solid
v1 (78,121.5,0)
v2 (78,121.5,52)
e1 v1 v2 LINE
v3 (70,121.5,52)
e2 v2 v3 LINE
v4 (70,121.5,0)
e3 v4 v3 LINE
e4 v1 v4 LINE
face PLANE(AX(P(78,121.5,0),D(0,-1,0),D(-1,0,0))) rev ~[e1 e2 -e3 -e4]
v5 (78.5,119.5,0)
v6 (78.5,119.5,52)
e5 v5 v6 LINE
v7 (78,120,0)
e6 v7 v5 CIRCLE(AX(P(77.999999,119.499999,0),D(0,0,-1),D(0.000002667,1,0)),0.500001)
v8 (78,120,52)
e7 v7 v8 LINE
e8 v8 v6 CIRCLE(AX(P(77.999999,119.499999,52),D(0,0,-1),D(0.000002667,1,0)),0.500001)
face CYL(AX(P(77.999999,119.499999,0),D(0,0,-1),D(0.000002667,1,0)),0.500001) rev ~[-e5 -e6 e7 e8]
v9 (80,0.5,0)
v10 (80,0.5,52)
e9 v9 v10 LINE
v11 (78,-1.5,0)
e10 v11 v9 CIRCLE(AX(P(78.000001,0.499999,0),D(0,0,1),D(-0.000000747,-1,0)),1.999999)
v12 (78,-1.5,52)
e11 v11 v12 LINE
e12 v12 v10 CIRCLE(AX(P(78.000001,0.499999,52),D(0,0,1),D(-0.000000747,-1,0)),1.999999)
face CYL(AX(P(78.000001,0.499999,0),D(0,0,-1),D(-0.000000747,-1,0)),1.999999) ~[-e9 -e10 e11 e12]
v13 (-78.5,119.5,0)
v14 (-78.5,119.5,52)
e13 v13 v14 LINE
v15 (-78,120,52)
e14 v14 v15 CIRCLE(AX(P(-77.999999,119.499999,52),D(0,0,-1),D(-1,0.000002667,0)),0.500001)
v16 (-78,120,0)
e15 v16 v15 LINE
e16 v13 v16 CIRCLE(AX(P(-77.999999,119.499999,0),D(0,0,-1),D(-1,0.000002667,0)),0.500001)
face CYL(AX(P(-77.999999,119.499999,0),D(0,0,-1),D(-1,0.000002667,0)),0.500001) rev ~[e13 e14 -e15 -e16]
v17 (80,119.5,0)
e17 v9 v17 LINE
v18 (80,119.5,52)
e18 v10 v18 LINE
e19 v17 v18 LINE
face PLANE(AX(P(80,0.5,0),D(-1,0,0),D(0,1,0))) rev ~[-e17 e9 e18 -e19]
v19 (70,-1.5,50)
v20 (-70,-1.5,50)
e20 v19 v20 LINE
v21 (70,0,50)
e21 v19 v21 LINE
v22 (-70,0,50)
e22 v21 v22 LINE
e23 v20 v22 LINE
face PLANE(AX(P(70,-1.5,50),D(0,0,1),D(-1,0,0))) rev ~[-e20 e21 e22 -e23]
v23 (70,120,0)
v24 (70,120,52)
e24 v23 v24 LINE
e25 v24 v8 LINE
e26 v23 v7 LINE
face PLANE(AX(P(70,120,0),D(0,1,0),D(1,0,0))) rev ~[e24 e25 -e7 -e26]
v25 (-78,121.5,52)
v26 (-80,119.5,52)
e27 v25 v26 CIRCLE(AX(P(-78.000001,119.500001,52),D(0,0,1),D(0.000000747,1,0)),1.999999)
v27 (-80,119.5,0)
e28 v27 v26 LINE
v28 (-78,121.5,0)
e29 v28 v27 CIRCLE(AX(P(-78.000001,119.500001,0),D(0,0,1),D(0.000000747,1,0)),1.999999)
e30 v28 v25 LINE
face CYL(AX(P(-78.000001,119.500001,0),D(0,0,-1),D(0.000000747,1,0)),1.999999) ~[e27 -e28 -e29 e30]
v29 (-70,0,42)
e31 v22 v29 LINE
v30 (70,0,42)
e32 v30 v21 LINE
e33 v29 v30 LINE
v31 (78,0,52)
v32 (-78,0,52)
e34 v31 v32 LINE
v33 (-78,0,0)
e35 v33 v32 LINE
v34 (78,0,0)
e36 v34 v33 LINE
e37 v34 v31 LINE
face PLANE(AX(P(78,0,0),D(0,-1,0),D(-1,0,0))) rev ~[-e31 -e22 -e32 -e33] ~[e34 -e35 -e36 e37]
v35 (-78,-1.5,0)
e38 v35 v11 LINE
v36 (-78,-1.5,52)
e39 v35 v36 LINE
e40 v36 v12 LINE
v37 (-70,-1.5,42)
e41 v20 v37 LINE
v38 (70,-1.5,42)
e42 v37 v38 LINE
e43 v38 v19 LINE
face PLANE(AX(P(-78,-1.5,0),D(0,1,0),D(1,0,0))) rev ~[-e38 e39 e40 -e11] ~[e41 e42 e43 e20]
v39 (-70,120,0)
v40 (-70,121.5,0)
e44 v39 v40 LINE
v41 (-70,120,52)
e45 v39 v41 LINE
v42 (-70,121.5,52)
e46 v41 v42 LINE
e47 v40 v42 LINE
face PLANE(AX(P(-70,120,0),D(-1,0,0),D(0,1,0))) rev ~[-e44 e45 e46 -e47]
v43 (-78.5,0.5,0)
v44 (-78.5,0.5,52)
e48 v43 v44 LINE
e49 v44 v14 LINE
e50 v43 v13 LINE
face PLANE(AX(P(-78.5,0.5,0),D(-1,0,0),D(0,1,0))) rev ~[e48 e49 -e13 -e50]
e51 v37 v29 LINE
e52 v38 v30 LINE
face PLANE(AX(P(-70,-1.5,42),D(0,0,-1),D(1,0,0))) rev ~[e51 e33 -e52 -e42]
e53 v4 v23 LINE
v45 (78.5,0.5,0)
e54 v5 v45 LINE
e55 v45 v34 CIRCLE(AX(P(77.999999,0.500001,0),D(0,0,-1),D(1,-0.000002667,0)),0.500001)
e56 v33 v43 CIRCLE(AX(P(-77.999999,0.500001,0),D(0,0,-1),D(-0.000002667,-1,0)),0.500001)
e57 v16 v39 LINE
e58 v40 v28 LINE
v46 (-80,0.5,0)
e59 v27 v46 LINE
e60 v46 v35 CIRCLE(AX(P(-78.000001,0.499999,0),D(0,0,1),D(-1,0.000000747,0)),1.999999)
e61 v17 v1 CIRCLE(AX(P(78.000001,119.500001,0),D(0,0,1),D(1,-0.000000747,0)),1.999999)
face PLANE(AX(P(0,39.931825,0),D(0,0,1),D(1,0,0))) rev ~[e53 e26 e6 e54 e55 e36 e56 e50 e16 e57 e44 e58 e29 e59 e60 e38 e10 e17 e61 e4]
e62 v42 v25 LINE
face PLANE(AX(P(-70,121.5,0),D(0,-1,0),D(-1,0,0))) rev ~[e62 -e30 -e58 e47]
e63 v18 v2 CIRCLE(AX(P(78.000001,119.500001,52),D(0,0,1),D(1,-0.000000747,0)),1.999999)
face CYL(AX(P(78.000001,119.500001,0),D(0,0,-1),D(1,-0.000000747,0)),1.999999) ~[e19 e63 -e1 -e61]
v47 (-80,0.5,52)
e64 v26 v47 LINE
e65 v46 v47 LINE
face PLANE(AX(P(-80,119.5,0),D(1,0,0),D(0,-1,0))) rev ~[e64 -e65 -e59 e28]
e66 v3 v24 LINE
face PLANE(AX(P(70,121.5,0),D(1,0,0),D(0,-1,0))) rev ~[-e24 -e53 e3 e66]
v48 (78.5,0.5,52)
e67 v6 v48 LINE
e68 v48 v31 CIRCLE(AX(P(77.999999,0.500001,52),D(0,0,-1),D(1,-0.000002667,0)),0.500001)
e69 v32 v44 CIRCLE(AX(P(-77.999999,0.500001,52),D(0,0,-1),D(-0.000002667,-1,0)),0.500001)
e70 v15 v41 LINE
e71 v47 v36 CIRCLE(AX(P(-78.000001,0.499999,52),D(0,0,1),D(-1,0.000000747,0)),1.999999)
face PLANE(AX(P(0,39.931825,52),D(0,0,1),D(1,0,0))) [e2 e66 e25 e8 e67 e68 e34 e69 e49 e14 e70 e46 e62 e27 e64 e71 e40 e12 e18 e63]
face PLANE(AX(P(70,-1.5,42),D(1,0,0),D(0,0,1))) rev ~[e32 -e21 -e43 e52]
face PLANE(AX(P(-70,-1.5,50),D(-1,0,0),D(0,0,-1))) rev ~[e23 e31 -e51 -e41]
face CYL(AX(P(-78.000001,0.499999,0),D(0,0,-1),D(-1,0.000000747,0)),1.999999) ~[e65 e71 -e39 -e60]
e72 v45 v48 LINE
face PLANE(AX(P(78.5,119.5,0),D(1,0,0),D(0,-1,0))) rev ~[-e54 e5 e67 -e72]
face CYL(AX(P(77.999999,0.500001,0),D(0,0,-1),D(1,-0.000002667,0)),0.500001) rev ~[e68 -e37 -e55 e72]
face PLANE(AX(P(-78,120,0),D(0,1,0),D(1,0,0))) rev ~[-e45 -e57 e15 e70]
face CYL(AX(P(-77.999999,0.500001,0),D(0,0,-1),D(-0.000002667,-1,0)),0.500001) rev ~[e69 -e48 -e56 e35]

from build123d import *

# Parameters (mm, degrees)
F1_DEPTH = 52
F3_DEPTH = 123.001


with BuildPart() as f1:
    # F0 (on Top) → F1 (new body)
    with BuildSketch(Plane.XY):
        with BuildLine():
            Line((78, 0), (0, 0))
            Line((0, 0), (-78, 0))
            ThreePointArc((-78, 0), (-78.353553, 0.146447), (-78.5, 0.5))
            Line((-78.5, 0.5), (-78.5, 119.5))
            ThreePointArc((-78.5, 119.5), (-78.353553, 119.853553), (-78, 120))
            Line((-78, 120), (-70, 120))
            Line((-70, 120), (-70, 121.5))
            Line((-70, 121.5), (-78, 121.5))
            ThreePointArc((-78, 121.5), (-79.414214, 120.914214), (-80, 119.5))
            Line((-80, 119.5), (-80, 0.5))
            ThreePointArc((-80, 0.5), (-79.414214, -0.914214), (-78, -1.5))
            Line((-78, -1.5), (0, -1.5))
            Line((0, -1.5), (78, -1.5))
            ThreePointArc((78, -1.5), (79.414214, -0.914214), (80, 0.5))
            Line((80, 0.5), (80, 119.5))
            ThreePointArc((80, 119.5), (79.414214, 120.914214), (78, 121.5))
            Line((78, 121.5), (70, 121.5))
            Line((70, 121.5), (70, 120))
            Line((70, 120), (78, 120))
            ThreePointArc((78, 120), (78.353553, 119.853553), (78.5, 119.5))
            Line((78.5, 119.5), (78.5, 0.5))
            ThreePointArc((78.5, 0.5), (78.353553, 0.146447), (78, 0))
        make_face()
    extrude(amount=F1_DEPTH)

    # F2 (on face) → F3 (cut, through all)
    with BuildSketch(Plane.XZ.offset(1.5)):
        Polygon((0, 50), (-70, 50), (-70, 42), (0, 42), (70, 42), (70, 50), align=None)
    extrude(amount=-F3_DEPTH, mode=Mode.SUBTRACT)


solid = f1.part
